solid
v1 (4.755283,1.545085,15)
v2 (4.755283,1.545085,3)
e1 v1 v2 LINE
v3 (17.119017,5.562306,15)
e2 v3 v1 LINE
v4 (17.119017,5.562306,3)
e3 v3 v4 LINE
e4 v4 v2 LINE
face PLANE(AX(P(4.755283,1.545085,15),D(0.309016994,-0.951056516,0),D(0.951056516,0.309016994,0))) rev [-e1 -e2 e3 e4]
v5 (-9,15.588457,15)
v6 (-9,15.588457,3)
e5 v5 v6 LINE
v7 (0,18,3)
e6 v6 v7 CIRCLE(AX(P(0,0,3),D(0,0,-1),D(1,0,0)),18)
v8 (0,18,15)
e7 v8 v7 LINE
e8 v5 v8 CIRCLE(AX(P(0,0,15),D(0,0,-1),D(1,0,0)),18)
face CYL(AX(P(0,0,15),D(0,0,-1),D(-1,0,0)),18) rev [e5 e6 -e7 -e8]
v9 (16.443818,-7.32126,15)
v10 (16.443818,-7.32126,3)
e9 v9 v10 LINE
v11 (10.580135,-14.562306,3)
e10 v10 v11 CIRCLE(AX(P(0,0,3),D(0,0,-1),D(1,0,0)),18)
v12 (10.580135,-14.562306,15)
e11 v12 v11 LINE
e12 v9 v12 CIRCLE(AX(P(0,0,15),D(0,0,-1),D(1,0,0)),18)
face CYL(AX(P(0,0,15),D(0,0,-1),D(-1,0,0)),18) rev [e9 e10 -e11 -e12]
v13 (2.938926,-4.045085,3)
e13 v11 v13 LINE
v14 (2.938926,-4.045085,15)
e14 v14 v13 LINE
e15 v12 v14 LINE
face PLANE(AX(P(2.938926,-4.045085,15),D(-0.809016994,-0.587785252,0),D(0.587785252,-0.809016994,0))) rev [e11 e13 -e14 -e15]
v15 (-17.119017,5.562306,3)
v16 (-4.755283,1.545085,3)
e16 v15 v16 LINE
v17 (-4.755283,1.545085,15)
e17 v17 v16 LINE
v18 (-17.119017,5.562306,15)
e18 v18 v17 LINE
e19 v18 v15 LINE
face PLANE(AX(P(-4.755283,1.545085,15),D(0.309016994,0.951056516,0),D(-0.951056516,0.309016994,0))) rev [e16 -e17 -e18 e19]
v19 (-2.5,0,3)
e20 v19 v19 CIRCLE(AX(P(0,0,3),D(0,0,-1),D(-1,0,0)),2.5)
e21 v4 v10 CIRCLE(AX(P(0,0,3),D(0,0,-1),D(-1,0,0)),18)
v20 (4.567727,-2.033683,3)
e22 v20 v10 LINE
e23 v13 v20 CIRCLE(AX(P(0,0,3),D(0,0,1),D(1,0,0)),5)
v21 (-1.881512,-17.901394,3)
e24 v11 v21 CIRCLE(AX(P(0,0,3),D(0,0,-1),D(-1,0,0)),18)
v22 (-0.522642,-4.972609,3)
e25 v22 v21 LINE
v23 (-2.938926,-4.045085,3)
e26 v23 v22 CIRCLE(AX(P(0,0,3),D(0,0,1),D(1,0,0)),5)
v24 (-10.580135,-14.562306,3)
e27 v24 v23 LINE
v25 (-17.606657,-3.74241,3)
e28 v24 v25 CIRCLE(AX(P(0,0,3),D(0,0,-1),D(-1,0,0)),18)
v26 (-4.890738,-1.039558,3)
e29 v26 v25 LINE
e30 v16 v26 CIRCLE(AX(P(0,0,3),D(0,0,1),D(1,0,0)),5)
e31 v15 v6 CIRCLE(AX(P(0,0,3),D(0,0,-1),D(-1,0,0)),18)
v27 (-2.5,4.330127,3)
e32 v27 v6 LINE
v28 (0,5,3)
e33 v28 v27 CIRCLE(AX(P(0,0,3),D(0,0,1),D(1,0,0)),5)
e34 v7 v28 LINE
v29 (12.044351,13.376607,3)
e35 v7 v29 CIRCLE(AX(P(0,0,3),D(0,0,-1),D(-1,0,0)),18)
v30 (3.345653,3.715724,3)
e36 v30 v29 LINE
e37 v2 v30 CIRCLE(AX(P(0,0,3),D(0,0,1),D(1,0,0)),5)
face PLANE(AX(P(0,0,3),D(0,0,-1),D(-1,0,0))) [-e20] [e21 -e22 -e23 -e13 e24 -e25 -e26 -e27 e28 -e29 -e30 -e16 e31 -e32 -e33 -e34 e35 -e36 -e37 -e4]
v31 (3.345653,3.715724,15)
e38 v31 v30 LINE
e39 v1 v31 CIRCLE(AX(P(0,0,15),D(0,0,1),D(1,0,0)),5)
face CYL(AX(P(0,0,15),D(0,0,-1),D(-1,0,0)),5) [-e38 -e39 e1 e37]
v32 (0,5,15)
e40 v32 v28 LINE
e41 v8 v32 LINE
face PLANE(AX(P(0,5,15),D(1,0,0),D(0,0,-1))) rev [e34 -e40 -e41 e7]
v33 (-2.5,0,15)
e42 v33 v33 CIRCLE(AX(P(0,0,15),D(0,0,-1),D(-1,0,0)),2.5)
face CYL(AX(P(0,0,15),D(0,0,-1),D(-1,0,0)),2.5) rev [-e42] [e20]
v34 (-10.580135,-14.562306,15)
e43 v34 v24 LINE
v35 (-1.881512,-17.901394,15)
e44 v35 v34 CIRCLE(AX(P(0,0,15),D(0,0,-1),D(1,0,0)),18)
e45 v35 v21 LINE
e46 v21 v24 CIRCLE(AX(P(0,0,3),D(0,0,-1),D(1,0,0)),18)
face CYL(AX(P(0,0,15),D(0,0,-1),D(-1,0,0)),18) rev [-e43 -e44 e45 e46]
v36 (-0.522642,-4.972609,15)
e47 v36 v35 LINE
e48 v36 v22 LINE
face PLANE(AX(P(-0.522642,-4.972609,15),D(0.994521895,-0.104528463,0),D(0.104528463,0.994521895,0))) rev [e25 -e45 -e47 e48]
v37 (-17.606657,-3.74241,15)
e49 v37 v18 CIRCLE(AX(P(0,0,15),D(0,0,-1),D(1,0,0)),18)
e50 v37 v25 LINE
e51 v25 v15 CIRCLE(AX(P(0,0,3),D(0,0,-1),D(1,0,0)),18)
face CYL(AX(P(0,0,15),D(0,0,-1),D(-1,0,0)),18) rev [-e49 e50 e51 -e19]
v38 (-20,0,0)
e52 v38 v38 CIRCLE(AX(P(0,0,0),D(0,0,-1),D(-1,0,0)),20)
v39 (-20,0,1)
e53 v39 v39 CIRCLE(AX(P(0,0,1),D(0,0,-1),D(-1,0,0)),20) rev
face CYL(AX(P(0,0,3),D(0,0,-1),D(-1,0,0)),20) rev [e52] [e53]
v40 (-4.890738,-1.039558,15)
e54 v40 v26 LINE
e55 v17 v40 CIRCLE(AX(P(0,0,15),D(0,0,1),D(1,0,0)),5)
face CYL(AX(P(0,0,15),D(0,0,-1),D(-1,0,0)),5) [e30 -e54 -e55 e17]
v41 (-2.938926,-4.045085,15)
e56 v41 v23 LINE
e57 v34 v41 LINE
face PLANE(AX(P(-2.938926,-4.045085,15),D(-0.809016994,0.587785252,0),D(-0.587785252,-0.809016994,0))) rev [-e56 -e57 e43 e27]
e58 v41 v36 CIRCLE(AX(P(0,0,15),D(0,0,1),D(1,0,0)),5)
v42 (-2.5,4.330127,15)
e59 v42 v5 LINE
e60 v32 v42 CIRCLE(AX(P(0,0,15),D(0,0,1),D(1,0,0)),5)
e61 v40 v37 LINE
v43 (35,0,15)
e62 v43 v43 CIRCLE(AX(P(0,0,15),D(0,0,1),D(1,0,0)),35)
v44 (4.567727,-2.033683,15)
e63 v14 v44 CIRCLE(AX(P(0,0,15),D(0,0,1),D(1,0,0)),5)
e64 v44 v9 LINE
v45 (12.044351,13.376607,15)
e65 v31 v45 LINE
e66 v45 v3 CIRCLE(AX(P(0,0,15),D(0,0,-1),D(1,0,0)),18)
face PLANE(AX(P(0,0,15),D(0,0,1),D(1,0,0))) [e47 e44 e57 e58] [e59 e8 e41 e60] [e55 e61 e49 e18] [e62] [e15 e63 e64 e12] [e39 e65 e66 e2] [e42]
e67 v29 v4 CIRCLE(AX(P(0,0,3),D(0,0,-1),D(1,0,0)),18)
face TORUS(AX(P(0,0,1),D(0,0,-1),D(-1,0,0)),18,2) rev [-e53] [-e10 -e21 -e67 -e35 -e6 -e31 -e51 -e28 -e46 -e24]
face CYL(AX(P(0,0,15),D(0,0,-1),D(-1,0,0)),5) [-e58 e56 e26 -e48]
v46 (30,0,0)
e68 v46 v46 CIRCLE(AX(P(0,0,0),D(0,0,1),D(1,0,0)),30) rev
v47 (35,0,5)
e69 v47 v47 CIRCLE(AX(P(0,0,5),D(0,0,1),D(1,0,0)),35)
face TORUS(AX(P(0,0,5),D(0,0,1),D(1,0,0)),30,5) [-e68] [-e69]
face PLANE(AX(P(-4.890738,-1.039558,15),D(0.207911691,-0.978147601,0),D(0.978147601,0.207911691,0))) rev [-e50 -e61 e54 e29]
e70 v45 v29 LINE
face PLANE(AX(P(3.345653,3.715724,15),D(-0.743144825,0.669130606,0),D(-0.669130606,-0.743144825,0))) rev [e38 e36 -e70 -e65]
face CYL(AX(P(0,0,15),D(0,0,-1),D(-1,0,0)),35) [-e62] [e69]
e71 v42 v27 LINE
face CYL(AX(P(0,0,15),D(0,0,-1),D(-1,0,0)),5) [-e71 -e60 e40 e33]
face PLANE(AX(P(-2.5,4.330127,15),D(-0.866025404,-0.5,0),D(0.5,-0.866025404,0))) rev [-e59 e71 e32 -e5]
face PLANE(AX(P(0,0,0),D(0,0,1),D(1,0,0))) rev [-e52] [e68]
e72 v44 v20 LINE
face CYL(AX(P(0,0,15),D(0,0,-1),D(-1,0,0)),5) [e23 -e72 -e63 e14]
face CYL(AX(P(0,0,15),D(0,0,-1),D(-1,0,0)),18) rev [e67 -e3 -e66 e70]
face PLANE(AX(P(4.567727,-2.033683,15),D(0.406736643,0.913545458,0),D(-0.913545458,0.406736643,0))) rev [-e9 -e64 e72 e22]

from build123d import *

# Parameters (mm, degrees)
SKETCH1_R           = 35
BOSS_EXTRUDE1_DEPTH = 15
SKETCH2_R           = 20
CUT_EXTRUDE1_DEPTH  = 3
FILLET2_R           = 2
SKETCH4_R           = 2.5
CUT_EXTRUDE2_DEPTH  = 51.931326313
CUT_EXTRUDE3_DEPTH  = 51.931326313
FILLET3_R           = 5


with BuildPart() as part:
    # Sketch1 → Boss-Extrude1 (new body)
    with BuildSketch(Plane.XY):
        Circle(SKETCH1_R)
    extrude(amount=BOSS_EXTRUDE1_DEPTH)

    # Sketch2 → Cut-Extrude1 (cut)
    with BuildSketch(Plane(origin=(0, 0, 0), x_dir=(-1, 0, 0), z_dir=(0, 0, -1))):
        Circle(SKETCH2_R)
    extrude(amount=-CUT_EXTRUDE1_DEPTH, mode=Mode.SUBTRACT)

    # Fillet2
    fillet2_edges = [part.edges().sort_by_distance(p)[0] for p in [
        (20, 0, 3),
    ]]
    fillet(fillet2_edges, radius=FILLET2_R)

    # Sketch4 → Cut-Extrude2 (cut, through all)
    with BuildSketch(Plane(origin=(0, 0, 3), x_dir=(-1, 0, 0), z_dir=(0, 0, -1))):
        Circle(SKETCH4_R)
    extrude(amount=-CUT_EXTRUDE2_DEPTH, mode=Mode.SUBTRACT)

    # Sketch5 → Cut-Extrude3 (cut, through all)
    with BuildSketch(Plane(origin=(0, 0, 3), x_dir=(-1, 0, 0), z_dir=(0, 0, -1))):
        with BuildLine():
            Line((0, 5), (0, 18))
            ThreePointArc((0, 18), (4.658742812, 17.386664873), (9, 15.588457268))
            Line((9, 15.588457268), (2.5, 4.330127019))
            ThreePointArc((2.5, 4.330127019), (1.294095226, 4.829629131), (0, 5))
        make_face()
        with BuildLine():
            Line((4.890738004, -1.039558454), (17.606656813, -3.742410435))
            ThreePointArc((17.606656813, -3.742410435), (17.975331626, 0.942047212), (17.119017293, 5.562305899))
            Line((17.119017293, 5.562305899), (4.755282581, 1.545084972))
            ThreePointArc((4.755282581, 1.545084972), (4.993147674, 0.261679781), (4.890738004, -1.039558454))
        make_face()
        with BuildLine():
            Line((0.522642316, -4.972609477), (1.881512339, -17.901394117))
            ThreePointArc((1.881512339, -17.901394117), (6.450623092, -16.804447677), (10.580134541, -14.562305899))
            Line((10.580134541, -14.562305899), (2.938926261, -4.045084972))
            ThreePointArc((2.938926261, -4.045084972), (1.791839748, -4.667902132), (0.522642316, -4.972609477))
        make_face()
        with BuildLine():
            Line((-4.567727288, -2.033683215), (-16.443818238, -7.321259575))
            ThreePointArc((-16.443818238, -7.321259575), (-13.988627306, -11.327767039), (-10.580134541, -14.562305899))
            Line((-10.580134541, -14.562305899), (-2.938926261, -4.045084972))
            ThreePointArc((-2.938926261, -4.045084972), (-3.885729807, -3.146601955), (-4.567727288, -2.033683215))
        make_face()
        with BuildLine():
            Line((-3.345653032, 3.715724127), (-12.044350914, 13.376606859))
            ThreePointArc((-12.044350914, 13.376606859), (-15.096070223, 9.80350263), (-17.119017293, 5.562305899))
            Line((-17.119017293, 5.562305899), (-4.755282581, 1.545084972))
            ThreePointArc((-4.755282581, 1.545084972), (-4.19335284, 2.723195175), (-3.345653032, 3.715724127))
        make_face()
    extrude(amount=-CUT_EXTRUDE3_DEPTH, mode=Mode.SUBTRACT)

    # Fillet3
    fillet3_edges = [part.edges().sort_by_distance(p)[0] for p in [
        (-35, 0, 0),
    ]]
    fillet(fillet3_edges, radius=FILLET3_R)


solid = part.part
